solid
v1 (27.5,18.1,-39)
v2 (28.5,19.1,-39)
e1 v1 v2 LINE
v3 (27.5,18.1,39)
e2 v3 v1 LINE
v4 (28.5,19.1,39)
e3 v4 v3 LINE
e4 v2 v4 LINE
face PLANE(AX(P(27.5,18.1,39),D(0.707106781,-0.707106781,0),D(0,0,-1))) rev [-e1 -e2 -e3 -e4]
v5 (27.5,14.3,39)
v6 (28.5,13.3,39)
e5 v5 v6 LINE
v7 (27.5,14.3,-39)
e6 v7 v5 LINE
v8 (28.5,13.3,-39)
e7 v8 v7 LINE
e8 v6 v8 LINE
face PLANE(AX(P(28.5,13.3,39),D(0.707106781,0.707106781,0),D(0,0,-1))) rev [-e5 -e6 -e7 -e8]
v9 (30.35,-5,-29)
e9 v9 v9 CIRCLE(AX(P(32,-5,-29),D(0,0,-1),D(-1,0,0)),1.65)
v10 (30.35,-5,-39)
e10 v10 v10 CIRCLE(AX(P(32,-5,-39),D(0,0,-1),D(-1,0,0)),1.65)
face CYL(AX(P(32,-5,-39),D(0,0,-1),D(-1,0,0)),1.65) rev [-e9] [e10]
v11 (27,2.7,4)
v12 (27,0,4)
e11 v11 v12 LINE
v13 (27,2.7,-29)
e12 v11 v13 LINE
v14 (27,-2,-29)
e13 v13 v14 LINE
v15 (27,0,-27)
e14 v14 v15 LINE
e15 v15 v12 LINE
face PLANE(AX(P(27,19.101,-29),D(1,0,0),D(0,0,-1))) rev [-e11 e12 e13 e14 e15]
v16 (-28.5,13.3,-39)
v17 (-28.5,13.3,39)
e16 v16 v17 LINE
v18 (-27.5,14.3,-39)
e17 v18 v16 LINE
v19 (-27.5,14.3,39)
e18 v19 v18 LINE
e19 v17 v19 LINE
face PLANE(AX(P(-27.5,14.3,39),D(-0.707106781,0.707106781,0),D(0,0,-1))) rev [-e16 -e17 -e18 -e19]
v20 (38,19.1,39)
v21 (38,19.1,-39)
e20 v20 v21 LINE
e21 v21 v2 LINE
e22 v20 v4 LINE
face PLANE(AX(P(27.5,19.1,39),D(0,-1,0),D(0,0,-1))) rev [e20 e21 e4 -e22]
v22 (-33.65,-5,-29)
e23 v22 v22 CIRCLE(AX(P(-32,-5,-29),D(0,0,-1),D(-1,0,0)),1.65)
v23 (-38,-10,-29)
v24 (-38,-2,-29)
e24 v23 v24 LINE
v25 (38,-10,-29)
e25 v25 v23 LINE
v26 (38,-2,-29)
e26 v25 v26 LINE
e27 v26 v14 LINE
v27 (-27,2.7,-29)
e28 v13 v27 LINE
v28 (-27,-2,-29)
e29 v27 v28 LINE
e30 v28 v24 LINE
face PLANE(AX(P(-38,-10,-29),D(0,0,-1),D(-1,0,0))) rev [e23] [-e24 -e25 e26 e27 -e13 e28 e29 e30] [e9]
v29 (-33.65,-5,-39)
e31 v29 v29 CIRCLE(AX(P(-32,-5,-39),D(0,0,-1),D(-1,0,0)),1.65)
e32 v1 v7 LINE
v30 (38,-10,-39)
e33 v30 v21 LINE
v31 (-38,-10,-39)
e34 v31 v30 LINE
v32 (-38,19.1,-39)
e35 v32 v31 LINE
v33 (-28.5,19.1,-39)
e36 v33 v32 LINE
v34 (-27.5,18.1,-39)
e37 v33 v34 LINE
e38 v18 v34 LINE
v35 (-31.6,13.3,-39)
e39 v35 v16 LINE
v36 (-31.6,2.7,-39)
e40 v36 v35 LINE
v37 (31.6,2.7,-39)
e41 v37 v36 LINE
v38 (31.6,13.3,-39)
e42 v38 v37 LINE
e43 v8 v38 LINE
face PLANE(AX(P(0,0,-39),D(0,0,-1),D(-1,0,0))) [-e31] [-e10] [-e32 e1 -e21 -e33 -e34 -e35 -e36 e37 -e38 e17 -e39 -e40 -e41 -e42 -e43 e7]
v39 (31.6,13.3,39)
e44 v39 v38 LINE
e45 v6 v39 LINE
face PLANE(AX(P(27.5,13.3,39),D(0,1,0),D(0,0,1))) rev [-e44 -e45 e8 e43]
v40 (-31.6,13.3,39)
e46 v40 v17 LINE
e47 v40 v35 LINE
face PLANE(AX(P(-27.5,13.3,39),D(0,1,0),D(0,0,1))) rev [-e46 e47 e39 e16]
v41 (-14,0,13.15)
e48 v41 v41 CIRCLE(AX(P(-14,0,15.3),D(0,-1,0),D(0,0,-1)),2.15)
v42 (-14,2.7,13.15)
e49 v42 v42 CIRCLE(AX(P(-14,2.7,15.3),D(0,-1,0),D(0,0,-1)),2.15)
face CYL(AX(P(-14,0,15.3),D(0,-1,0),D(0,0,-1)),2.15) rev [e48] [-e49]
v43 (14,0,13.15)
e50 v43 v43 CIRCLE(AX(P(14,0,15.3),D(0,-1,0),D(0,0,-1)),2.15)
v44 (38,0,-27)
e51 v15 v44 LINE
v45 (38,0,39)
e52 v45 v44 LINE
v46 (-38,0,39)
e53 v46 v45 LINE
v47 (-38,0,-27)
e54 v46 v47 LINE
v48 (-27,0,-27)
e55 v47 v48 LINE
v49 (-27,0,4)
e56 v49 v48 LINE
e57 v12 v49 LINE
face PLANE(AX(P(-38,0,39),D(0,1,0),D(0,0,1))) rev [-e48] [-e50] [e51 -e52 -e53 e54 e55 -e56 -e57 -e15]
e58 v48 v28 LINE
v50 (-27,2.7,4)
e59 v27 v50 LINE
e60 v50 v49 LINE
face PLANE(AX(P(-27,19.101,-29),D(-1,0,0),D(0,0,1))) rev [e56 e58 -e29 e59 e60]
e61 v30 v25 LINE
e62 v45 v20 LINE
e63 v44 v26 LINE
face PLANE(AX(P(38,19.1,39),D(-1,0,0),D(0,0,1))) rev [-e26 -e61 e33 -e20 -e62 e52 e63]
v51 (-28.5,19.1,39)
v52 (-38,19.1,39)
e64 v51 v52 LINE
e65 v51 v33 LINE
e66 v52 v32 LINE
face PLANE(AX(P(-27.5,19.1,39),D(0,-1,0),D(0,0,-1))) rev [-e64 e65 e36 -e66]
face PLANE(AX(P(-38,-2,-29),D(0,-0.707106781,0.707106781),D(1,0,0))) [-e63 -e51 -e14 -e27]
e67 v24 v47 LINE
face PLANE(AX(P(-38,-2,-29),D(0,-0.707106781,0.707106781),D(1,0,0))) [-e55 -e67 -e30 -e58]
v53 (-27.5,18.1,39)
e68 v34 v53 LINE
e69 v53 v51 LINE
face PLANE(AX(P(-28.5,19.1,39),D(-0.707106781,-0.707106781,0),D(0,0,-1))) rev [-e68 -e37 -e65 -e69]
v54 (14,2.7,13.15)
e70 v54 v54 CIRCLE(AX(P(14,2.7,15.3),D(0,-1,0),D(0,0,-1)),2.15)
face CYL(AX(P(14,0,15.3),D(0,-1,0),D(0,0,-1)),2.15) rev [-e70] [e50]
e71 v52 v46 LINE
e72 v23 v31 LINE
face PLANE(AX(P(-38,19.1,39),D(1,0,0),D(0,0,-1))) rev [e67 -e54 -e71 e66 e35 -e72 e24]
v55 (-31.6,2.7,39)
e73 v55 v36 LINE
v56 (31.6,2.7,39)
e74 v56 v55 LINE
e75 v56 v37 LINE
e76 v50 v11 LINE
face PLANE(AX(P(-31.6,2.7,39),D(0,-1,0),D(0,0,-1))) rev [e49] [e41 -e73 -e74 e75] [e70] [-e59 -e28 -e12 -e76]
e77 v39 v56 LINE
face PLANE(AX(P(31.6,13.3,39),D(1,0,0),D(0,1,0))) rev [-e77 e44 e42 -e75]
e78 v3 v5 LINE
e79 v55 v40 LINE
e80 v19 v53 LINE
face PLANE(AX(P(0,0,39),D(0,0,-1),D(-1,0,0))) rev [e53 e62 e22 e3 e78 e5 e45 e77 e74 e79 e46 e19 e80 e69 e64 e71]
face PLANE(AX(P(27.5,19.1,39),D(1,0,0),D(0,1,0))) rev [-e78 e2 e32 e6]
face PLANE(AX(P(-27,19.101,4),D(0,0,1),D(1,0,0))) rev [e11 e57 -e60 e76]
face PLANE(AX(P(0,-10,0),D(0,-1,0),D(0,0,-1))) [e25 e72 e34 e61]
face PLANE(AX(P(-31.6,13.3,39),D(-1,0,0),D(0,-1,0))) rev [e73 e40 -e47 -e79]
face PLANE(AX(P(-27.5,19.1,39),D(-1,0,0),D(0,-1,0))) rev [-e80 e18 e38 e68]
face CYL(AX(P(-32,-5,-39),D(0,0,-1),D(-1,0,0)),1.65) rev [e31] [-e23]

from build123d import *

# Parameters (mm, degrees)
EXTRUDE_1_DEPTH      = 39
HOLE_WIZARD_M4_1_D   = 4.3
CHAMFER_1_SIZE       = 1
SKETCH_8_W           = 76
SKETCH_8_H           = 10
EXTRUDE_2_DEPTH      = 10
CUT_EXTRUDE_2_REACH  = 59.705
SKETCH_9_W           = 54
SKETCH_9_H           = 33
CHAMFER_2_SIZE       = 2
HOLE_WIZARD_M4_1_2_D = 3.3


with BuildPart() as part:
    # 草图1 → 凸台-拉伸1 (new, symmetric)
    with BuildSketch(Plane.XY):
        Polygon((-27.5, 19.1), (-38, 19.1), (-38, 0), (38, 0), (38, 19.1), (27.5, 19.1), (27.5, 13.3), (31.6, 13.3), (31.6, 2.7), (-31.6, 2.7), (-31.6, 13.3), (-27.5, 13.3), align=None)
    extrude(amount=EXTRUDE_1_DEPTH, both=True)

    # Hole Wizard M4 _1 (through all)
    with Locations(Plane(origin=(0, 0, 0), x_dir=(-1, 0, 0), z_dir=(0, -1, 0))):
        with Locations((-14, -15.3), (14, -15.3)):
            Hole(HOLE_WIZARD_M4_1_D / 2)

    # 倒角1
    chamfer_1_edges = [part.edges().sort_by_distance(p)[0] for p in [
        (-27.5, 13.3, 0),
        (27.5, 13.3, 0),
        (27.5, 19.1, 0),
        (-27.5, 19.1, 0),
    ]]
    chamfer(chamfer_1_edges, length=CHAMFER_1_SIZE)

    # 草图8 → 凸台-拉伸2 (add)
    with BuildSketch(Plane.XZ):
        with Locations((0, -34)):
            Rectangle(SKETCH_8_W, SKETCH_8_H)
    extrude(amount=EXTRUDE_2_DEPTH)

    # 草图9 → 切除-拉伸2 (cut, up to next)
    with BuildSketch(Plane.XZ, mode=Mode.PRIVATE) as cut_extrude_2_sk1:
        with Locations((0, -12.5)):
            Rectangle(SKETCH_9_W, SKETCH_9_H)
    cut_extrude_2_tool1 = extrude(cut_extrude_2_sk1.sketch, amount=-CUT_EXTRUDE_2_REACH, mode=Mode.PRIVATE) & part.part
    add(cut_extrude_2_tool1.solids().sort_by_distance((0, 0, -12.5))[0], mode=Mode.SUBTRACT)

    # 倒角2
    chamfer_2_edges = [part.edges().sort_by_distance(p)[0] for p in [
        (32.5, 0, -29),
        (-32.5, 0, -29),
    ]]
    chamfer(chamfer_2_edges, length=CHAMFER_2_SIZE)

    # Hole Wizard M4 _1 2 (through all)
    with Locations(Plane(origin=(0, 0, -39), x_dir=(-1, 0, 0), z_dir=(0, 0, -1))):
        with Locations((32, -5), (-32, -5)):
            Hole(HOLE_WIZARD_M4_1_2_D / 2)


solid = part.part
